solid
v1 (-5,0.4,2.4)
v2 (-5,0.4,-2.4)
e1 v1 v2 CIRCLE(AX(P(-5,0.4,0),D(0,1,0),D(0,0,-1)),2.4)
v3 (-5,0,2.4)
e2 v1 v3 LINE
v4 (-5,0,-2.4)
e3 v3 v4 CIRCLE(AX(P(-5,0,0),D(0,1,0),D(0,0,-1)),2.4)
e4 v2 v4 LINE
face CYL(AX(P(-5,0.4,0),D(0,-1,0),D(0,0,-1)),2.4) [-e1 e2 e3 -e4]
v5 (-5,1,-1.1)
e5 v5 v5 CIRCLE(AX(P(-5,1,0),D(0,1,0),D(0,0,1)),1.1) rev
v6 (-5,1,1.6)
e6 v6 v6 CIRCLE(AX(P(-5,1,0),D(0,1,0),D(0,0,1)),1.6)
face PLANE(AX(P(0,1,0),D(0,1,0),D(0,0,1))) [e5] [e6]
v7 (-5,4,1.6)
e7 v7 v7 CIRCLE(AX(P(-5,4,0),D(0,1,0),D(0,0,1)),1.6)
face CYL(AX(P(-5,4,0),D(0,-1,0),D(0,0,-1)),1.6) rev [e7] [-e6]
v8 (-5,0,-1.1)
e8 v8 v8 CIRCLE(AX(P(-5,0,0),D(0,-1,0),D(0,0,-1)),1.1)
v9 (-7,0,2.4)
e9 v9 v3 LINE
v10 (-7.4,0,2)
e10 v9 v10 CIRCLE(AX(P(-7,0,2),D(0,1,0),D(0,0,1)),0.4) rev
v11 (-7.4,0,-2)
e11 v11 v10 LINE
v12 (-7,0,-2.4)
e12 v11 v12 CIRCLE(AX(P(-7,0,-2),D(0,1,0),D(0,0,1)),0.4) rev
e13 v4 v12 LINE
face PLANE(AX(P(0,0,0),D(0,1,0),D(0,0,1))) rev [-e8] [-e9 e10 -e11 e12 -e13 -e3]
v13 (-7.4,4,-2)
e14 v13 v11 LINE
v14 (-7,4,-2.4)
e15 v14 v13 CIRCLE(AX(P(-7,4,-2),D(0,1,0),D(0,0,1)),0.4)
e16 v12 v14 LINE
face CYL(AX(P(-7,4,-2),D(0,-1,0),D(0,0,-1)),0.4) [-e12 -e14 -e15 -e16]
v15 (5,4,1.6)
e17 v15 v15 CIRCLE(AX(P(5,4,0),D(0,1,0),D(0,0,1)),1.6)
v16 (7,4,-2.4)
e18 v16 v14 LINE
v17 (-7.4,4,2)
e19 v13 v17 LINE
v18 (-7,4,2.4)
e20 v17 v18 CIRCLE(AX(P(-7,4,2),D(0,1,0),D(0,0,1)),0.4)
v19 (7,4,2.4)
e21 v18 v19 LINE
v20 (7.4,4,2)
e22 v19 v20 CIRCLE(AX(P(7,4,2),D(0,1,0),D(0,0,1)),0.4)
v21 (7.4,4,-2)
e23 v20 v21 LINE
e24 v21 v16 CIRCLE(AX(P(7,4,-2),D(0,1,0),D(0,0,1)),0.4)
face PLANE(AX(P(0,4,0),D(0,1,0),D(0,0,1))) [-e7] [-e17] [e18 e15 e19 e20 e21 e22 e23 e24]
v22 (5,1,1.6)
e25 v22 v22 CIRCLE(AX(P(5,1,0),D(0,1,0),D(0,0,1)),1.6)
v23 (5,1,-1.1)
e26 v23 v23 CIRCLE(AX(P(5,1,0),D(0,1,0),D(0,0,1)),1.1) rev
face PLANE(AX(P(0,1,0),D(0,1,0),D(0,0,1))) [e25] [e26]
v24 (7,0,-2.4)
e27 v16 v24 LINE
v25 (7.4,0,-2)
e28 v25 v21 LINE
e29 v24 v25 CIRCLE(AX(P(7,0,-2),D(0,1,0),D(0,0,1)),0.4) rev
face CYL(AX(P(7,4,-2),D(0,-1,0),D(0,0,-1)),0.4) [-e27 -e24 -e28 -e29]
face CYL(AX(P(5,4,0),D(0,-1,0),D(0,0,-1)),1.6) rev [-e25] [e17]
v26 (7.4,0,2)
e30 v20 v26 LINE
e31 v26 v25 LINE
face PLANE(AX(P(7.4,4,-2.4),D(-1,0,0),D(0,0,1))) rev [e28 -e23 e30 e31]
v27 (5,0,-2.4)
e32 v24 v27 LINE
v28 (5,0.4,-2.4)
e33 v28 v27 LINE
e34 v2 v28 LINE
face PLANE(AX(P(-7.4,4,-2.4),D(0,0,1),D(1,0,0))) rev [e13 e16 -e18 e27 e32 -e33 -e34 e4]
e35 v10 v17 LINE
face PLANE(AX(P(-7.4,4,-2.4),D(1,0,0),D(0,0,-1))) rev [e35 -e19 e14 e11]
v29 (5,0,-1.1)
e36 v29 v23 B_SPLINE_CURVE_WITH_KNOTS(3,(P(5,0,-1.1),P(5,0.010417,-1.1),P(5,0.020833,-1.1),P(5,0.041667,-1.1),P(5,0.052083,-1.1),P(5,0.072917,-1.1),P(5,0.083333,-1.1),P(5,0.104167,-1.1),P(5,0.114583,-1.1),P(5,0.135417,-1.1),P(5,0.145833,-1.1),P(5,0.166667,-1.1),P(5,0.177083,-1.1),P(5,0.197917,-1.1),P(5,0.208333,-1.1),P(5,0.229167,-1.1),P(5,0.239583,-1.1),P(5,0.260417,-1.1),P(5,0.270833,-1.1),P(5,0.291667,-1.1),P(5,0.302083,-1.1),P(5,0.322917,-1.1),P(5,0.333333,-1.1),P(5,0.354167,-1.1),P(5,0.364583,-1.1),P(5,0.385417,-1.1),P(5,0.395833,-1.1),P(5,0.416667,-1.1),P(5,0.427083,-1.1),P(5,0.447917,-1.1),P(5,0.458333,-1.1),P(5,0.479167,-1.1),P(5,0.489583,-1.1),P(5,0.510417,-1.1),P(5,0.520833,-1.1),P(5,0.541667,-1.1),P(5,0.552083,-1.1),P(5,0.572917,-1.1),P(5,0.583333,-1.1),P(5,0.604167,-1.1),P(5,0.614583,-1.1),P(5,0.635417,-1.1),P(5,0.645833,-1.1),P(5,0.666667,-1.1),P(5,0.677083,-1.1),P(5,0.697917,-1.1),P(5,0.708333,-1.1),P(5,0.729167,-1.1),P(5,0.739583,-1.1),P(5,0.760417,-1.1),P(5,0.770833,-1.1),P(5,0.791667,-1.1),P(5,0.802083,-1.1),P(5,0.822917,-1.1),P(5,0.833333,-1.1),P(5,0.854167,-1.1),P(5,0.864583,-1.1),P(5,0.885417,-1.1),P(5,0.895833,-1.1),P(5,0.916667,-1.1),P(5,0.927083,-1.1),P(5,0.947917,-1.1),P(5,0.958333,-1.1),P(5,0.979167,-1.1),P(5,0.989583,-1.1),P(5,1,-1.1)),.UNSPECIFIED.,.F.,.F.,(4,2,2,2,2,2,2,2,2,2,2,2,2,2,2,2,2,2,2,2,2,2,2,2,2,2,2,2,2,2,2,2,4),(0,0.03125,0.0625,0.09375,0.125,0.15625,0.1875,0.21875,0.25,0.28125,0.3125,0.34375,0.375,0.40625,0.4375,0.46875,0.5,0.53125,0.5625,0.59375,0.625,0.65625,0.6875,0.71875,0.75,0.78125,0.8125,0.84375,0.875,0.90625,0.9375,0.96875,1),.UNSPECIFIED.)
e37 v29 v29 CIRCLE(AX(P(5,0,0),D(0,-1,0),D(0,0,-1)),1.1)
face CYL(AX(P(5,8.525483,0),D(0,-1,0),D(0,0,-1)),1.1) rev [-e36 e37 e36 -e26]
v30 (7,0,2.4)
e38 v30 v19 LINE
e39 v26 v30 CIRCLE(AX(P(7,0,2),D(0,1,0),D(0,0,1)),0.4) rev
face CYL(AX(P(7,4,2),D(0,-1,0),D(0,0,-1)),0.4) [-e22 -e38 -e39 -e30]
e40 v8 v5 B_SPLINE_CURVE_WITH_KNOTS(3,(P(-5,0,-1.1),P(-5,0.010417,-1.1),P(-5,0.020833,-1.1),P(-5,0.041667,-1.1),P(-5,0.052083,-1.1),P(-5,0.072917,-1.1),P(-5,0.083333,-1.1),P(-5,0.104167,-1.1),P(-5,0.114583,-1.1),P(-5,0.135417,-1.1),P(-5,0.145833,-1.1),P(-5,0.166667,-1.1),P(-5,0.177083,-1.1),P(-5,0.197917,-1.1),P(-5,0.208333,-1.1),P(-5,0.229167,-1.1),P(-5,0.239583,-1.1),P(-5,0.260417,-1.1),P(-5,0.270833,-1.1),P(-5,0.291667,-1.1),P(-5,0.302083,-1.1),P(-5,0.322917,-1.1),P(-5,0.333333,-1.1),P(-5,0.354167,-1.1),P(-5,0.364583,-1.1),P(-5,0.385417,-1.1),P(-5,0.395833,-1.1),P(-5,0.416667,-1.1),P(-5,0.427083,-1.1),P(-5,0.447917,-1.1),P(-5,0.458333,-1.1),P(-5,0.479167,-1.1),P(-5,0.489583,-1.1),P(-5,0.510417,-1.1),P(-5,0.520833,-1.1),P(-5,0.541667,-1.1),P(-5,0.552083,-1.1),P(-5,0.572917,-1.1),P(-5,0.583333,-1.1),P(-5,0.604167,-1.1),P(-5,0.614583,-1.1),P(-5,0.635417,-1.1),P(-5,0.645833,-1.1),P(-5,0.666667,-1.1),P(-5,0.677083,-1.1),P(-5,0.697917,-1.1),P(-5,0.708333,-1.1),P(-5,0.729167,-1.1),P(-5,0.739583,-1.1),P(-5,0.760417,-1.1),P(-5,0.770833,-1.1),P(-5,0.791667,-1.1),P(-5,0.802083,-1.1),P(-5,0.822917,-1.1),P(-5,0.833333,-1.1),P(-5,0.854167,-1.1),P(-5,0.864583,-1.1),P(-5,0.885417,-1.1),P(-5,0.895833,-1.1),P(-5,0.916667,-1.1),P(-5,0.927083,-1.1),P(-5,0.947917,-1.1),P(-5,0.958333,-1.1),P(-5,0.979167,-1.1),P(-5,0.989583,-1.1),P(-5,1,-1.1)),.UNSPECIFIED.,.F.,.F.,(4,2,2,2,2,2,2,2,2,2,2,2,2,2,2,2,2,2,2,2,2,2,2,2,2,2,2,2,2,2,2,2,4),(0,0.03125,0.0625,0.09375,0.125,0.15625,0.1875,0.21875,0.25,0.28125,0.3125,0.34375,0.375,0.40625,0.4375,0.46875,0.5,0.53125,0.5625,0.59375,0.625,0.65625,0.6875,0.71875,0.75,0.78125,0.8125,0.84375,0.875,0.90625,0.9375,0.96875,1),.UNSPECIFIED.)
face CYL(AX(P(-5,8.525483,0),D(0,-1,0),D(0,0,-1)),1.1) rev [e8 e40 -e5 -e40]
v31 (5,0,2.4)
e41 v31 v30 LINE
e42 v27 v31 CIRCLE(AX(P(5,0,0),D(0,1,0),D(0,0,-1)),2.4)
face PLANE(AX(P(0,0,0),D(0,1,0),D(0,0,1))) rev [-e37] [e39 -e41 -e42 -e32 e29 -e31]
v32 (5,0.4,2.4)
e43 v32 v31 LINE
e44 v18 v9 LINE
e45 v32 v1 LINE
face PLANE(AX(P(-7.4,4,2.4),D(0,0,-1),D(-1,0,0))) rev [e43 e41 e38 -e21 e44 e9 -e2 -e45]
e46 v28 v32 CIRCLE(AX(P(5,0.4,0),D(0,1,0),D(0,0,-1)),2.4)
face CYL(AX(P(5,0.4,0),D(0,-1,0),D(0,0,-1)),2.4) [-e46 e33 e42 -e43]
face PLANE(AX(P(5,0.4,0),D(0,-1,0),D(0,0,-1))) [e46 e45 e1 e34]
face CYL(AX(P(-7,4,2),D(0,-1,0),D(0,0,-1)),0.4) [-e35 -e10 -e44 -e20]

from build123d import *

# Parameters (mm, degrees)
SKETCH1_W           = 14.8
SKETCH1_H           = 4.8
SKETCH1_R           = 1.6
BOSS_EXTRUDE1_DEPTH = 4
CUT_EXTRUDE2_DEPTH  = 0.4
SKETCH3_R           = 1.6
SKETCH3_R_2         = 1.1
BOSS_EXTRUDE2_DEPTH = 1
FILLET1_R           = 0.4


with BuildPart() as part:
    # Sketch1 → Boss-Extrude1 (new body)
    with BuildSketch(Plane(origin=(0, 0, 0), x_dir=(1, 0, 0), z_dir=(0, 1, 0))):
        Rectangle(SKETCH1_W, SKETCH1_H)
        with Locations(Location((-5, 0, 0), (0, 0, 270))):
            Circle(SKETCH1_R, mode=Mode.SUBTRACT)
        with Locations(Location((5, 0, 0), (0, 0, 270))):
            Circle(SKETCH1_R, mode=Mode.SUBTRACT)
    extrude(amount=BOSS_EXTRUDE1_DEPTH)

    # Sketch2 → Cut-Extrude2 (cut)
    with BuildSketch(Plane.XZ):
        with BuildLine():
            Line((-5, -2.4), (5, -2.4))
            ThreePointArc((5, -2.4), (2.6, 0), (5, 2.4))
            Line((5, 2.4), (-5, 2.4))
            ThreePointArc((-5, 2.4), (-2.6, 0), (-5, -2.4))
        make_face()
    extrude(amount=-CUT_EXTRUDE2_DEPTH, mode=Mode.SUBTRACT)

    # Sketch3 → Boss-Extrude2 (add)
    # profile 1 of 2: a face of its own
    with BuildSketch(Plane.XZ):
        with Locations(Location((5, 0, 0), (0, 0, 90))):
            Circle(SKETCH3_R)
        with Locations(Location((5, 0, 0), (0, 0, 270))):
            Circle(SKETCH3_R_2, mode=Mode.SUBTRACT)
    # profile 2 of 2: a face of its own
    with BuildSketch(Plane.XZ):
        with Locations(Location((-5, 0, 0), (0, 0, 90))):
            Circle(SKETCH3_R)
        with Locations(Location((-5, 0, 0), (0, 0, 270))):
            Circle(SKETCH3_R_2, mode=Mode.SUBTRACT)
    extrude(amount=-BOSS_EXTRUDE2_DEPTH)

    # Fillet1
    fillet1_edges = [part.edges().sort_by_distance(p)[0] for p in [
        (-7.4, 2, -2.4),
        (7.4, 2, -2.4),
        (7.4, 2, 2.4),
        (-7.4, 2, 2.4),
    ]]
    fillet(fillet1_edges, radius=FILLET1_R)


solid = part.part
